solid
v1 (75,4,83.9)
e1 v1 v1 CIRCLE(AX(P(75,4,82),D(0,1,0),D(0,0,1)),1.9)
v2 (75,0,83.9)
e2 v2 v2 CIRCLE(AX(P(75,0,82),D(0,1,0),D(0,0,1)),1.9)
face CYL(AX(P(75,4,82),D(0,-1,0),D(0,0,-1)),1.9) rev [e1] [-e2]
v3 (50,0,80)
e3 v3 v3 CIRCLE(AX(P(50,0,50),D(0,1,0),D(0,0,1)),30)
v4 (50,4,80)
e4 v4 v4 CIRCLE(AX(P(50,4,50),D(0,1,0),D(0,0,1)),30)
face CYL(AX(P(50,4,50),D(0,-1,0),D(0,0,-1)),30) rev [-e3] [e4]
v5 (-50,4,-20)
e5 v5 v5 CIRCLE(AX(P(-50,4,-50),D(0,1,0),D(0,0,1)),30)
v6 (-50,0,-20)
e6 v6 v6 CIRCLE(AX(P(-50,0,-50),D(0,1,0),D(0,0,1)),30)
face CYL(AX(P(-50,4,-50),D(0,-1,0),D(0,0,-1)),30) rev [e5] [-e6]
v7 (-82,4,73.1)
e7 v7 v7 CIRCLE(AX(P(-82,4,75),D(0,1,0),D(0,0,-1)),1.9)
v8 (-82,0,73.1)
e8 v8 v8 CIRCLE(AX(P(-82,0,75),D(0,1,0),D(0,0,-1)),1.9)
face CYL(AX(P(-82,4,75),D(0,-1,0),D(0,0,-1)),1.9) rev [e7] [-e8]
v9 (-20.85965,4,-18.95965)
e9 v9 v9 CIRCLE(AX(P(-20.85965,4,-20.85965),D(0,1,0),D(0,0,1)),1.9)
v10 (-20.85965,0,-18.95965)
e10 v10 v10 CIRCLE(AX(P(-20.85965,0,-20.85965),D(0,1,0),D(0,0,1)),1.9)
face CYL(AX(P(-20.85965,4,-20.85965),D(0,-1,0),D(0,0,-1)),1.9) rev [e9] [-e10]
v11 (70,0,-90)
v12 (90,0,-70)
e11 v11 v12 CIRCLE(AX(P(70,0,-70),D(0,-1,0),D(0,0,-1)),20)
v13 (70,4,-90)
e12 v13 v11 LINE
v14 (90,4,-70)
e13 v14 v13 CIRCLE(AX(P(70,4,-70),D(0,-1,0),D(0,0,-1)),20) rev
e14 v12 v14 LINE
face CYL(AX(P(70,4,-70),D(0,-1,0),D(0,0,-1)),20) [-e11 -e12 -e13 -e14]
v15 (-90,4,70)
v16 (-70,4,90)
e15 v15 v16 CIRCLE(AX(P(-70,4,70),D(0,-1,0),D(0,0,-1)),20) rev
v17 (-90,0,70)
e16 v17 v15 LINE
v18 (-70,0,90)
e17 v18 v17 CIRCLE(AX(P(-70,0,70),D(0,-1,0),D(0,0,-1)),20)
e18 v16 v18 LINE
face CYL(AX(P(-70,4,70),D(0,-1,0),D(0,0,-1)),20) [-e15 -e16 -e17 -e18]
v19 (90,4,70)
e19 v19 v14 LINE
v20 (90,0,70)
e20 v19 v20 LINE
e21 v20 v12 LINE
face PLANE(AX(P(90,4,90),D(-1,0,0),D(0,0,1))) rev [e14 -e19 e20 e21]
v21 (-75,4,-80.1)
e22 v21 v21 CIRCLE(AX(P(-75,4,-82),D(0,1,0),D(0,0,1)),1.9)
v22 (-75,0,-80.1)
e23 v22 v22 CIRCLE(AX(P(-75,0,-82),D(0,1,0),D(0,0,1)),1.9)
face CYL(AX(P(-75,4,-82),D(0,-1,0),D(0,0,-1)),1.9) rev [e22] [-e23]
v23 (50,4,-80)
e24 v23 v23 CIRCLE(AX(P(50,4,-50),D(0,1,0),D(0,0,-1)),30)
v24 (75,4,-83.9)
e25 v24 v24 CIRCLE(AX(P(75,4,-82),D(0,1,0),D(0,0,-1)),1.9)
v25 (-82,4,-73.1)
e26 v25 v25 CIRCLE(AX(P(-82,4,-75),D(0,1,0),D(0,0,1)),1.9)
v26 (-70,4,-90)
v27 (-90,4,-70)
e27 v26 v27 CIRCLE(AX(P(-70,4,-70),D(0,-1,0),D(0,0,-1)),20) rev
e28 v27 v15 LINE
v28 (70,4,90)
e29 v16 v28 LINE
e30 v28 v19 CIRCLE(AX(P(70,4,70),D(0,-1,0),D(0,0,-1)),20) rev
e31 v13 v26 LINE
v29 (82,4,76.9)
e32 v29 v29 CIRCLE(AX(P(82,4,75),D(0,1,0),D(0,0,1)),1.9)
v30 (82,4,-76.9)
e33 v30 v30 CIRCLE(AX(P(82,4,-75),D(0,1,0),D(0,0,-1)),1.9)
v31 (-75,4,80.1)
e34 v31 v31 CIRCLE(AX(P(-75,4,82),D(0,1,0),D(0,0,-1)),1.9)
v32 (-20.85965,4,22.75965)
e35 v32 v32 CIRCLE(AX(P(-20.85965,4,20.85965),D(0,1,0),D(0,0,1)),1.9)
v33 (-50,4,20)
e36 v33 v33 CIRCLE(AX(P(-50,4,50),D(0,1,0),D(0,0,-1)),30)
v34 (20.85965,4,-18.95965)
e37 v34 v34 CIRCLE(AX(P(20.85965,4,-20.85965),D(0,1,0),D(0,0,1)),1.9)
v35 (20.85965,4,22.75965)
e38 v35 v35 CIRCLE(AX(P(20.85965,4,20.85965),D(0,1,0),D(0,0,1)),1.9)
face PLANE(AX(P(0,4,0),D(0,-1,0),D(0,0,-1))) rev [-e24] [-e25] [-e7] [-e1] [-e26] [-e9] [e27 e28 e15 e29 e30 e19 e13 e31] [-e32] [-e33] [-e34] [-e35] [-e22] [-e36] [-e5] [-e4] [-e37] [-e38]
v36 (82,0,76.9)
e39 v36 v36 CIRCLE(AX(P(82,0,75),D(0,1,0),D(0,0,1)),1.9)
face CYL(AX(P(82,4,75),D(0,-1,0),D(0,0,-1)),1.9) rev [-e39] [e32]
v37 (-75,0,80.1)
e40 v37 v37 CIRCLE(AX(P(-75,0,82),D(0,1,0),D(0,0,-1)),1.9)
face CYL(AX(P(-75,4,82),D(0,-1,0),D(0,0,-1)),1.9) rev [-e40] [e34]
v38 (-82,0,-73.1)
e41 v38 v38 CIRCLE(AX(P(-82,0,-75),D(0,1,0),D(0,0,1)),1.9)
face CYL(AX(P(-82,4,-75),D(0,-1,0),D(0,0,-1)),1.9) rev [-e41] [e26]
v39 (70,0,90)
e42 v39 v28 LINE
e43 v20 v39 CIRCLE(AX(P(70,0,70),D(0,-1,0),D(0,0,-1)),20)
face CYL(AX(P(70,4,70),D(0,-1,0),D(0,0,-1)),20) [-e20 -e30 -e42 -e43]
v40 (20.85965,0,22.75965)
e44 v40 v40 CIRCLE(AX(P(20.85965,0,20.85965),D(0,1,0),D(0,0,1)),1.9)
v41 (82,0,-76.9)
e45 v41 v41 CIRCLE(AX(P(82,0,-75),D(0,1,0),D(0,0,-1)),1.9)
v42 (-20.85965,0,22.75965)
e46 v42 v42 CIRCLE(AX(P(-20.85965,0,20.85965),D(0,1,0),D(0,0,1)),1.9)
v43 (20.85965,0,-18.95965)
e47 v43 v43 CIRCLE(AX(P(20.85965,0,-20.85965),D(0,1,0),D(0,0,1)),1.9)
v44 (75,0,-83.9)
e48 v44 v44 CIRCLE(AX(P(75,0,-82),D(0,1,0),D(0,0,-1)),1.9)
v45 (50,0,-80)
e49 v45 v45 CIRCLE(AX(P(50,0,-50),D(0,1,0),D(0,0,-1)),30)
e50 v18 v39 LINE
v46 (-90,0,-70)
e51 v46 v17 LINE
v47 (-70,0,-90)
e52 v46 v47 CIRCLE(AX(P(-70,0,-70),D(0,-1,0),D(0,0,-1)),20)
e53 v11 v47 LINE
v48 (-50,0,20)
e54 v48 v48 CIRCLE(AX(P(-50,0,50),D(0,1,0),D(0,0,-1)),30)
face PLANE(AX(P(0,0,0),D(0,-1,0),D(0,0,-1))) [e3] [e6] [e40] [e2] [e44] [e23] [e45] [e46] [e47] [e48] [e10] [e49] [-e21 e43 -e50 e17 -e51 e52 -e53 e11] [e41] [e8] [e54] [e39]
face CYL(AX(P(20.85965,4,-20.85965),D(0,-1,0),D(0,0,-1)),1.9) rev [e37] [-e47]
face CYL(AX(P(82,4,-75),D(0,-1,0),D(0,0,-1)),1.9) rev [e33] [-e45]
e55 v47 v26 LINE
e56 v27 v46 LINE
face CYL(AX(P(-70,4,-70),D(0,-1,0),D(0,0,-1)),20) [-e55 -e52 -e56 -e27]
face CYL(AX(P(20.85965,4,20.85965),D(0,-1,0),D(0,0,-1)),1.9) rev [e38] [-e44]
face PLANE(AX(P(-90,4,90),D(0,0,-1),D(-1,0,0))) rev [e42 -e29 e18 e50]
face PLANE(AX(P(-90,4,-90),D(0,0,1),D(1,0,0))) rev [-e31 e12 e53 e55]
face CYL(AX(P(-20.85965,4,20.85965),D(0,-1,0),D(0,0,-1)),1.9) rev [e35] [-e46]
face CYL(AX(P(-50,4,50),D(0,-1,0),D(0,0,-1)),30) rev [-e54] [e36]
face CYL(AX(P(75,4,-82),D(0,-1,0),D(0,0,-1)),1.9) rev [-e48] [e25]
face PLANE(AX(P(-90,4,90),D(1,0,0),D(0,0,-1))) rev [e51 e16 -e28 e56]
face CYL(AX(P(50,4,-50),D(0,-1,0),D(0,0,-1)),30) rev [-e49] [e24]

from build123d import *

# Parameters (mm, degrees)
SKETCH_1_W      = 180
SKETCH_1_H      = 180
SKETCH_1_R      = 1.9
SKETCH_1_R_2    = 30
EXTRUDE_1_DEPTH = 4
FILLET_1_R      = 20


with BuildPart() as part:
    # Эскиз1 → Бобышка-Вытянуть1 (new body)
    with BuildSketch(Plane(origin=(0, 0, 0), x_dir=(1, 0, 0), z_dir=(0, 1, 0))):
        Rectangle(SKETCH_1_W, SKETCH_1_H)
        with Locations(Location((-75, 82, 0), (0, 0, 270))):
            Circle(SKETCH_1_R, mode=Mode.SUBTRACT)
        with Locations(Location((-82, 75, 0), (0, 0, 270))):
            Circle(SKETCH_1_R, mode=Mode.SUBTRACT)
        with Locations(Location((82, 75, 0), (0, 0, 90))):
            Circle(SKETCH_1_R, mode=Mode.SUBTRACT)
        with Locations(Location((75, 82, 0), (0, 0, 90))):
            Circle(SKETCH_1_R, mode=Mode.SUBTRACT)
        with Locations(Location((75, -82, 0), (0, 0, 270))):
            Circle(SKETCH_1_R, mode=Mode.SUBTRACT)
        with Locations(Location((82, -75, 0), (0, 0, 270))):
            Circle(SKETCH_1_R, mode=Mode.SUBTRACT)
        with Locations(Location((-82, -75, 0), (0, 0, 90))):
            Circle(SKETCH_1_R, mode=Mode.SUBTRACT)
        with Locations(Location((-75, -82, 0), (0, 0, 90))):
            Circle(SKETCH_1_R, mode=Mode.SUBTRACT)
        with Locations(Location((20.859650045, 20.859650045, 0), (0, 0, 270))):
            Circle(SKETCH_1_R, mode=Mode.SUBTRACT)
        with Locations(Location((20.859650045, -20.859650045, 0), (0, 0, 270))):
            Circle(SKETCH_1_R, mode=Mode.SUBTRACT)
        with Locations(Location((-20.859650045, -20.859650045, 0), (0, 0, 270))):
            Circle(SKETCH_1_R, mode=Mode.SUBTRACT)
        with Locations(Location((-20.859650045, 20.859650045, 0), (0, 0, 270))):
            Circle(SKETCH_1_R, mode=Mode.SUBTRACT)
        with Locations(Location((-50, 50, 0), (0, 0, 270))):
            Circle(SKETCH_1_R_2, mode=Mode.SUBTRACT)
        with Locations(Location((50, 50, 0), (0, 0, 90))):
            Circle(SKETCH_1_R_2, mode=Mode.SUBTRACT)
        with Locations(Location((-50, -50, 0), (0, 0, 90))):
            Circle(SKETCH_1_R_2, mode=Mode.SUBTRACT)
        with Locations(Location((50, -50, 0), (0, 0, 270))):
            Circle(SKETCH_1_R_2, mode=Mode.SUBTRACT)
    extrude(amount=EXTRUDE_1_DEPTH)

    # Скругление1
    fillet_1_edges = [part.edges().sort_by_distance(p)[0] for p in [
        (90, 2, 90),
        (-90, 2, 90),
        (-90, 2, -90),
        (90, 2, -90),
    ]]
    fillet(fillet_1_edges, radius=FILLET_1_R)


solid = part.part
